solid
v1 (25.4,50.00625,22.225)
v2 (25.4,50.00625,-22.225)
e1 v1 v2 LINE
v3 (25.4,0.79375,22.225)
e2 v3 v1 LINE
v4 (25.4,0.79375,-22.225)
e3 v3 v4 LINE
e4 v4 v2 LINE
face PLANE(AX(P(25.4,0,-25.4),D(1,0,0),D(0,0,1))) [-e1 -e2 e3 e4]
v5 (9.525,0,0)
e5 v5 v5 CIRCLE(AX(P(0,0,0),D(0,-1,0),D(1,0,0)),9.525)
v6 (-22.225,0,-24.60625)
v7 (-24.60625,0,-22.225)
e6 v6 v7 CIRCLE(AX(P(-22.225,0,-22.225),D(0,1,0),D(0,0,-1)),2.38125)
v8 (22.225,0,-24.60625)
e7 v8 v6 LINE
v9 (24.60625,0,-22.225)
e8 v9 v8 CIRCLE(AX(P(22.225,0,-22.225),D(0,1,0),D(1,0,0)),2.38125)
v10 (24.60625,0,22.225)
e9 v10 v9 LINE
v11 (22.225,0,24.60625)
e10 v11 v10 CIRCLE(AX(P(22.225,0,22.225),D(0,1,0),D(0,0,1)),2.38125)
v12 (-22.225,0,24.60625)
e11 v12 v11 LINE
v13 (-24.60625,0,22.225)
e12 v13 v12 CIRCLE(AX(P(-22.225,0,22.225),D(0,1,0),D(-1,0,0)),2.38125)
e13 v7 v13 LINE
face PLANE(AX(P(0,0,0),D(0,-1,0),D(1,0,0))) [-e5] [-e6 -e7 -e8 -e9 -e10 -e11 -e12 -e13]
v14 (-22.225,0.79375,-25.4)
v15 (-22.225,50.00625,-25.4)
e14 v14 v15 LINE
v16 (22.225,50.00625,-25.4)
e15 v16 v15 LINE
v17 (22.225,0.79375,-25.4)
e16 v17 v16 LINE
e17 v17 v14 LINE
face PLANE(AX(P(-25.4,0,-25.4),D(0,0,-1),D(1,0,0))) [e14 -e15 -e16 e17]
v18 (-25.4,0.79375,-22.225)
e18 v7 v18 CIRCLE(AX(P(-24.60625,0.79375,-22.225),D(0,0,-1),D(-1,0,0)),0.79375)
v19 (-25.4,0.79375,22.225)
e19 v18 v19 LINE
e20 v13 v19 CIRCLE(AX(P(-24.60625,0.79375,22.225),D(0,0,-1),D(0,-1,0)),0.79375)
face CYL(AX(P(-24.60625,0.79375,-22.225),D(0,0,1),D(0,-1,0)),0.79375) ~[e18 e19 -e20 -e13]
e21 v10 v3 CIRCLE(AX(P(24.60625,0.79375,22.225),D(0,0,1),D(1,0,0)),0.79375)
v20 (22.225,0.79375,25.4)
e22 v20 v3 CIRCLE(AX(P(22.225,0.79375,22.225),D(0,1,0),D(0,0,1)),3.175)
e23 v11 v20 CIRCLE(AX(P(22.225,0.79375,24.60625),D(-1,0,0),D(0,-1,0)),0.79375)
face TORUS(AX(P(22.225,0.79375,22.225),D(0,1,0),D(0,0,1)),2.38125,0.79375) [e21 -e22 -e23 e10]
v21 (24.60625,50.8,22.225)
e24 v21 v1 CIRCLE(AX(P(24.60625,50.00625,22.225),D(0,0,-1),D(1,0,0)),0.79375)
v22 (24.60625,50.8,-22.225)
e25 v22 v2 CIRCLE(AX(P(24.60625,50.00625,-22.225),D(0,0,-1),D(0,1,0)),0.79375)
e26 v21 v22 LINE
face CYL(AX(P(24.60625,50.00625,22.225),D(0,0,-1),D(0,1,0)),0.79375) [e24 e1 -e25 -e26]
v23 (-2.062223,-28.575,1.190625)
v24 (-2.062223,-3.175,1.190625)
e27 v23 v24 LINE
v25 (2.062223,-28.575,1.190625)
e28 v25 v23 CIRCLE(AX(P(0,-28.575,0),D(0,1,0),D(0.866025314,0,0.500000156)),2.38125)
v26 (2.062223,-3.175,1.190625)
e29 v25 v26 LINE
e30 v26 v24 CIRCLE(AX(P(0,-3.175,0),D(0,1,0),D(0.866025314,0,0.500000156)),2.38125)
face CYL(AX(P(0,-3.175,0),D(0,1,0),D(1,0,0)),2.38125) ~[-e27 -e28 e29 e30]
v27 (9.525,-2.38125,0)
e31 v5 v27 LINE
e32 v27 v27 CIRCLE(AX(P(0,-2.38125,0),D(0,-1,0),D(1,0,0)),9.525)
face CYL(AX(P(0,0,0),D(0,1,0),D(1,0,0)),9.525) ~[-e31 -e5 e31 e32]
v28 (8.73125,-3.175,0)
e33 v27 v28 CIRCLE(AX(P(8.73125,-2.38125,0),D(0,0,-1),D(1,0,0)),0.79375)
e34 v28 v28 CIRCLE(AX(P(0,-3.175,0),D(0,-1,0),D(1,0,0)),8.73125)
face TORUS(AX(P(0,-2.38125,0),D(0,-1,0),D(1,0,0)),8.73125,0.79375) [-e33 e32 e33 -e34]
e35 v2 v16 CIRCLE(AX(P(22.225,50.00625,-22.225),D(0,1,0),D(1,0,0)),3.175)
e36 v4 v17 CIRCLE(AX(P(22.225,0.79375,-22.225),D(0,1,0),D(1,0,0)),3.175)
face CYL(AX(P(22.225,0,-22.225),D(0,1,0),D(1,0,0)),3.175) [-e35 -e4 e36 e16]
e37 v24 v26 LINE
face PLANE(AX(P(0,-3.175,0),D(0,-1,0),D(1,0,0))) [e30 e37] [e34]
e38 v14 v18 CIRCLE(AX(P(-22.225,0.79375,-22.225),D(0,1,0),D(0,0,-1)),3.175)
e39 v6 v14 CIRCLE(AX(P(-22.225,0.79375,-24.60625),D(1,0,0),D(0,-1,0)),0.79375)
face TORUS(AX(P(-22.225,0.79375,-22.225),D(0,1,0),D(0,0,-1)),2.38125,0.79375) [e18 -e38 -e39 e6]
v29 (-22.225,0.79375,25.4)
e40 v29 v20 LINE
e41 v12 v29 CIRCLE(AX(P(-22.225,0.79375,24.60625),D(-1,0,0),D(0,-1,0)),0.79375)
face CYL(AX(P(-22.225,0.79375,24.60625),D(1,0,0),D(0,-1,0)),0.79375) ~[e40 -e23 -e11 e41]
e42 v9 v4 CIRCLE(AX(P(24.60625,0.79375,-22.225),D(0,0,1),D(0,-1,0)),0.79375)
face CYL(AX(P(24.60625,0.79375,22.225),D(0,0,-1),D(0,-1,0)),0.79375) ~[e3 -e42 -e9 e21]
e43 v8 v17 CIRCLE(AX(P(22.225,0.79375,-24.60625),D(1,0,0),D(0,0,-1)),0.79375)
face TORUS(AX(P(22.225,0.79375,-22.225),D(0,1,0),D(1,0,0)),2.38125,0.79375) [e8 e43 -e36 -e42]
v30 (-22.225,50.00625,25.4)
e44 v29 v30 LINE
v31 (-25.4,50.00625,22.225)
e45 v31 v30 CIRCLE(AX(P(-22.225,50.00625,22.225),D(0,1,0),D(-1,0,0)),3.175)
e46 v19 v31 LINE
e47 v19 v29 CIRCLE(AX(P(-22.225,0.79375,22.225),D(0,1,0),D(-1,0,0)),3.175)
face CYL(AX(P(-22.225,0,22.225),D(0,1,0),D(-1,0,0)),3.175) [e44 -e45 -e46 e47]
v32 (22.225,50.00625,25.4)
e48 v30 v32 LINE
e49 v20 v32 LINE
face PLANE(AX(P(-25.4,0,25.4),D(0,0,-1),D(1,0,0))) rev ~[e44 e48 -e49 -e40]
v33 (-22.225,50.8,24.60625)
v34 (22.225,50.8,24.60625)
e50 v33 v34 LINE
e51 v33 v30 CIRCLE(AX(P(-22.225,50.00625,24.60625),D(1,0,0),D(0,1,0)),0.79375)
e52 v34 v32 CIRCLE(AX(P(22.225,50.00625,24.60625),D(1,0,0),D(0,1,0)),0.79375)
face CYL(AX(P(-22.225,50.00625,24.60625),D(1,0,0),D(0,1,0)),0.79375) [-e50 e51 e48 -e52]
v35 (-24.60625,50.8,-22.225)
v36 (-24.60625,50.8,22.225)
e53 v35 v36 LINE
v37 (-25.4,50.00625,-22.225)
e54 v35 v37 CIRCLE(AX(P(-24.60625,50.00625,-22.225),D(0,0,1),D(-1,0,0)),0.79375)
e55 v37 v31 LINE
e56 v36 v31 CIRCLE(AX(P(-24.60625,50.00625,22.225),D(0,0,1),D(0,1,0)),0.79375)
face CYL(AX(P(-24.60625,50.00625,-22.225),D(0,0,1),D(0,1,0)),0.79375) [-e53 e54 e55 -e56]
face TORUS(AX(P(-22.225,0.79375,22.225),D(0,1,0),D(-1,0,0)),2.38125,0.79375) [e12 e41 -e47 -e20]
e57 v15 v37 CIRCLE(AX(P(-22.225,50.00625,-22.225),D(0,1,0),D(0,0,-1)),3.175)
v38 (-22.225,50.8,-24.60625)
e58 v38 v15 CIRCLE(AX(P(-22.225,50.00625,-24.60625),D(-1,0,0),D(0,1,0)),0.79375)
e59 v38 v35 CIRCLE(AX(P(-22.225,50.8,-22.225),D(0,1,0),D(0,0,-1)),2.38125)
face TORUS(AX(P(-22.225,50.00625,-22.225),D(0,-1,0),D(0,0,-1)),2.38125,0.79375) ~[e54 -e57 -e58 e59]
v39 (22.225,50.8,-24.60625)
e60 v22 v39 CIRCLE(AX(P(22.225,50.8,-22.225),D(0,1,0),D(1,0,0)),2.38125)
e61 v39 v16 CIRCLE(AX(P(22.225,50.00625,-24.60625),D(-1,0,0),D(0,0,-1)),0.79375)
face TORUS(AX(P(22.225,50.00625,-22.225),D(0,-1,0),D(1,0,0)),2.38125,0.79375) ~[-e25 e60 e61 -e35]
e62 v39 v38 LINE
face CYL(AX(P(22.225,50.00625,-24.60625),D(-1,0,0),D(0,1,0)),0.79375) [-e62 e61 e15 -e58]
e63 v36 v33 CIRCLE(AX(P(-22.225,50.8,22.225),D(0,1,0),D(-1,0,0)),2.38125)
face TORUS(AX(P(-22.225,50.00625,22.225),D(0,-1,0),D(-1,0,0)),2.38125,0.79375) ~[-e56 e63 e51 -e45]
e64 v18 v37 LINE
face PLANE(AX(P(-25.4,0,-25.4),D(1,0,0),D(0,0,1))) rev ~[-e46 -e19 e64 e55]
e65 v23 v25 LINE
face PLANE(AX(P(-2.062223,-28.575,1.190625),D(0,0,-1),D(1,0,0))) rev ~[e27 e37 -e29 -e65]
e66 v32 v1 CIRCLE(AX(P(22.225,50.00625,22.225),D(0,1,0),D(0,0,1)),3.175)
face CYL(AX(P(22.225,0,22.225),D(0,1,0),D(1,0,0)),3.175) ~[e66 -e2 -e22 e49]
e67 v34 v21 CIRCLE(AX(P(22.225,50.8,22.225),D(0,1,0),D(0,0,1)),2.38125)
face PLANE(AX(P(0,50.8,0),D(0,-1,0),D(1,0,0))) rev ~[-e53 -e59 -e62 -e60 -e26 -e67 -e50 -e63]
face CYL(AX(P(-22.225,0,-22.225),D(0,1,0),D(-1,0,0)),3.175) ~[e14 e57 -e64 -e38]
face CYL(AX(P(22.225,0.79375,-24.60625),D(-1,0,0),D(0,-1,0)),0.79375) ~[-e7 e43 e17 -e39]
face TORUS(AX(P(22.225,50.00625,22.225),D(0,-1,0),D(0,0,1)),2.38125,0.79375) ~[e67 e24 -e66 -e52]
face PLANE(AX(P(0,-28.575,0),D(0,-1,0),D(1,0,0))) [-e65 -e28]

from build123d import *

# Parameters (mm, degrees)
F0_W     = 50.8
F0_H     = 50.8
F0_R     = 9.525
F1_DEPTH = 50.8
F2_DEPTH = 3.175
F3_R     = 2.38125
F4_DEPTH = 25.4
F5_W     = 4.124446
F5_H     = 1.190625
F6_DEPTH = 25.4
F7_R     = 3.175
F8_R     = 0.79375


with BuildPart() as f1:
    # F0 (on Front) → F1 (new body)
    with BuildSketch(Plane.XZ):
        Rectangle(F0_W, F0_H)
        Circle(F0_R, mode=Mode.SUBTRACT)
        Circle(F0_R)
    extrude(amount=-F1_DEPTH)

    # F0 (on Front) → F2 (join)
    with BuildSketch(Plane.XZ):
        Circle(F0_R)
    extrude(amount=F2_DEPTH)

    # F3 (on face) → F4 (join)
    with BuildSketch(Plane.XZ.offset(3.175)):
        Circle(F3_R)
    extrude(amount=F4_DEPTH)

    # F5 (on face) → F6 (cut, through all)
    with BuildSketch(Plane.XZ.offset(28.575)):
        with Locations((0, 1.785938)):
            Rectangle(F5_W, F5_H)
    extrude(amount=-F6_DEPTH, mode=Mode.SUBTRACT)

    # F7
    f7_edges = [f1.edges().sort_by_distance(p)[0] for p in [
        (25.4, 25.4, 25.4),
        (25.4, 25.4, -25.4),
        (-25.4, 25.4, 25.4),
        (-25.4, 25.4, -25.4),
    ]]
    fillet(f7_edges, radius=F7_R)

    # F8
    f8_edges = [f1.edges().sort_by_distance(p)[0] for p in [
        (0, 0, 25.4),
        (0, 50.8, 25.4),
        (-9.525, -3.175, 0),
    ]]
    fillet(f8_edges, radius=F8_R)


solid = f1.part
